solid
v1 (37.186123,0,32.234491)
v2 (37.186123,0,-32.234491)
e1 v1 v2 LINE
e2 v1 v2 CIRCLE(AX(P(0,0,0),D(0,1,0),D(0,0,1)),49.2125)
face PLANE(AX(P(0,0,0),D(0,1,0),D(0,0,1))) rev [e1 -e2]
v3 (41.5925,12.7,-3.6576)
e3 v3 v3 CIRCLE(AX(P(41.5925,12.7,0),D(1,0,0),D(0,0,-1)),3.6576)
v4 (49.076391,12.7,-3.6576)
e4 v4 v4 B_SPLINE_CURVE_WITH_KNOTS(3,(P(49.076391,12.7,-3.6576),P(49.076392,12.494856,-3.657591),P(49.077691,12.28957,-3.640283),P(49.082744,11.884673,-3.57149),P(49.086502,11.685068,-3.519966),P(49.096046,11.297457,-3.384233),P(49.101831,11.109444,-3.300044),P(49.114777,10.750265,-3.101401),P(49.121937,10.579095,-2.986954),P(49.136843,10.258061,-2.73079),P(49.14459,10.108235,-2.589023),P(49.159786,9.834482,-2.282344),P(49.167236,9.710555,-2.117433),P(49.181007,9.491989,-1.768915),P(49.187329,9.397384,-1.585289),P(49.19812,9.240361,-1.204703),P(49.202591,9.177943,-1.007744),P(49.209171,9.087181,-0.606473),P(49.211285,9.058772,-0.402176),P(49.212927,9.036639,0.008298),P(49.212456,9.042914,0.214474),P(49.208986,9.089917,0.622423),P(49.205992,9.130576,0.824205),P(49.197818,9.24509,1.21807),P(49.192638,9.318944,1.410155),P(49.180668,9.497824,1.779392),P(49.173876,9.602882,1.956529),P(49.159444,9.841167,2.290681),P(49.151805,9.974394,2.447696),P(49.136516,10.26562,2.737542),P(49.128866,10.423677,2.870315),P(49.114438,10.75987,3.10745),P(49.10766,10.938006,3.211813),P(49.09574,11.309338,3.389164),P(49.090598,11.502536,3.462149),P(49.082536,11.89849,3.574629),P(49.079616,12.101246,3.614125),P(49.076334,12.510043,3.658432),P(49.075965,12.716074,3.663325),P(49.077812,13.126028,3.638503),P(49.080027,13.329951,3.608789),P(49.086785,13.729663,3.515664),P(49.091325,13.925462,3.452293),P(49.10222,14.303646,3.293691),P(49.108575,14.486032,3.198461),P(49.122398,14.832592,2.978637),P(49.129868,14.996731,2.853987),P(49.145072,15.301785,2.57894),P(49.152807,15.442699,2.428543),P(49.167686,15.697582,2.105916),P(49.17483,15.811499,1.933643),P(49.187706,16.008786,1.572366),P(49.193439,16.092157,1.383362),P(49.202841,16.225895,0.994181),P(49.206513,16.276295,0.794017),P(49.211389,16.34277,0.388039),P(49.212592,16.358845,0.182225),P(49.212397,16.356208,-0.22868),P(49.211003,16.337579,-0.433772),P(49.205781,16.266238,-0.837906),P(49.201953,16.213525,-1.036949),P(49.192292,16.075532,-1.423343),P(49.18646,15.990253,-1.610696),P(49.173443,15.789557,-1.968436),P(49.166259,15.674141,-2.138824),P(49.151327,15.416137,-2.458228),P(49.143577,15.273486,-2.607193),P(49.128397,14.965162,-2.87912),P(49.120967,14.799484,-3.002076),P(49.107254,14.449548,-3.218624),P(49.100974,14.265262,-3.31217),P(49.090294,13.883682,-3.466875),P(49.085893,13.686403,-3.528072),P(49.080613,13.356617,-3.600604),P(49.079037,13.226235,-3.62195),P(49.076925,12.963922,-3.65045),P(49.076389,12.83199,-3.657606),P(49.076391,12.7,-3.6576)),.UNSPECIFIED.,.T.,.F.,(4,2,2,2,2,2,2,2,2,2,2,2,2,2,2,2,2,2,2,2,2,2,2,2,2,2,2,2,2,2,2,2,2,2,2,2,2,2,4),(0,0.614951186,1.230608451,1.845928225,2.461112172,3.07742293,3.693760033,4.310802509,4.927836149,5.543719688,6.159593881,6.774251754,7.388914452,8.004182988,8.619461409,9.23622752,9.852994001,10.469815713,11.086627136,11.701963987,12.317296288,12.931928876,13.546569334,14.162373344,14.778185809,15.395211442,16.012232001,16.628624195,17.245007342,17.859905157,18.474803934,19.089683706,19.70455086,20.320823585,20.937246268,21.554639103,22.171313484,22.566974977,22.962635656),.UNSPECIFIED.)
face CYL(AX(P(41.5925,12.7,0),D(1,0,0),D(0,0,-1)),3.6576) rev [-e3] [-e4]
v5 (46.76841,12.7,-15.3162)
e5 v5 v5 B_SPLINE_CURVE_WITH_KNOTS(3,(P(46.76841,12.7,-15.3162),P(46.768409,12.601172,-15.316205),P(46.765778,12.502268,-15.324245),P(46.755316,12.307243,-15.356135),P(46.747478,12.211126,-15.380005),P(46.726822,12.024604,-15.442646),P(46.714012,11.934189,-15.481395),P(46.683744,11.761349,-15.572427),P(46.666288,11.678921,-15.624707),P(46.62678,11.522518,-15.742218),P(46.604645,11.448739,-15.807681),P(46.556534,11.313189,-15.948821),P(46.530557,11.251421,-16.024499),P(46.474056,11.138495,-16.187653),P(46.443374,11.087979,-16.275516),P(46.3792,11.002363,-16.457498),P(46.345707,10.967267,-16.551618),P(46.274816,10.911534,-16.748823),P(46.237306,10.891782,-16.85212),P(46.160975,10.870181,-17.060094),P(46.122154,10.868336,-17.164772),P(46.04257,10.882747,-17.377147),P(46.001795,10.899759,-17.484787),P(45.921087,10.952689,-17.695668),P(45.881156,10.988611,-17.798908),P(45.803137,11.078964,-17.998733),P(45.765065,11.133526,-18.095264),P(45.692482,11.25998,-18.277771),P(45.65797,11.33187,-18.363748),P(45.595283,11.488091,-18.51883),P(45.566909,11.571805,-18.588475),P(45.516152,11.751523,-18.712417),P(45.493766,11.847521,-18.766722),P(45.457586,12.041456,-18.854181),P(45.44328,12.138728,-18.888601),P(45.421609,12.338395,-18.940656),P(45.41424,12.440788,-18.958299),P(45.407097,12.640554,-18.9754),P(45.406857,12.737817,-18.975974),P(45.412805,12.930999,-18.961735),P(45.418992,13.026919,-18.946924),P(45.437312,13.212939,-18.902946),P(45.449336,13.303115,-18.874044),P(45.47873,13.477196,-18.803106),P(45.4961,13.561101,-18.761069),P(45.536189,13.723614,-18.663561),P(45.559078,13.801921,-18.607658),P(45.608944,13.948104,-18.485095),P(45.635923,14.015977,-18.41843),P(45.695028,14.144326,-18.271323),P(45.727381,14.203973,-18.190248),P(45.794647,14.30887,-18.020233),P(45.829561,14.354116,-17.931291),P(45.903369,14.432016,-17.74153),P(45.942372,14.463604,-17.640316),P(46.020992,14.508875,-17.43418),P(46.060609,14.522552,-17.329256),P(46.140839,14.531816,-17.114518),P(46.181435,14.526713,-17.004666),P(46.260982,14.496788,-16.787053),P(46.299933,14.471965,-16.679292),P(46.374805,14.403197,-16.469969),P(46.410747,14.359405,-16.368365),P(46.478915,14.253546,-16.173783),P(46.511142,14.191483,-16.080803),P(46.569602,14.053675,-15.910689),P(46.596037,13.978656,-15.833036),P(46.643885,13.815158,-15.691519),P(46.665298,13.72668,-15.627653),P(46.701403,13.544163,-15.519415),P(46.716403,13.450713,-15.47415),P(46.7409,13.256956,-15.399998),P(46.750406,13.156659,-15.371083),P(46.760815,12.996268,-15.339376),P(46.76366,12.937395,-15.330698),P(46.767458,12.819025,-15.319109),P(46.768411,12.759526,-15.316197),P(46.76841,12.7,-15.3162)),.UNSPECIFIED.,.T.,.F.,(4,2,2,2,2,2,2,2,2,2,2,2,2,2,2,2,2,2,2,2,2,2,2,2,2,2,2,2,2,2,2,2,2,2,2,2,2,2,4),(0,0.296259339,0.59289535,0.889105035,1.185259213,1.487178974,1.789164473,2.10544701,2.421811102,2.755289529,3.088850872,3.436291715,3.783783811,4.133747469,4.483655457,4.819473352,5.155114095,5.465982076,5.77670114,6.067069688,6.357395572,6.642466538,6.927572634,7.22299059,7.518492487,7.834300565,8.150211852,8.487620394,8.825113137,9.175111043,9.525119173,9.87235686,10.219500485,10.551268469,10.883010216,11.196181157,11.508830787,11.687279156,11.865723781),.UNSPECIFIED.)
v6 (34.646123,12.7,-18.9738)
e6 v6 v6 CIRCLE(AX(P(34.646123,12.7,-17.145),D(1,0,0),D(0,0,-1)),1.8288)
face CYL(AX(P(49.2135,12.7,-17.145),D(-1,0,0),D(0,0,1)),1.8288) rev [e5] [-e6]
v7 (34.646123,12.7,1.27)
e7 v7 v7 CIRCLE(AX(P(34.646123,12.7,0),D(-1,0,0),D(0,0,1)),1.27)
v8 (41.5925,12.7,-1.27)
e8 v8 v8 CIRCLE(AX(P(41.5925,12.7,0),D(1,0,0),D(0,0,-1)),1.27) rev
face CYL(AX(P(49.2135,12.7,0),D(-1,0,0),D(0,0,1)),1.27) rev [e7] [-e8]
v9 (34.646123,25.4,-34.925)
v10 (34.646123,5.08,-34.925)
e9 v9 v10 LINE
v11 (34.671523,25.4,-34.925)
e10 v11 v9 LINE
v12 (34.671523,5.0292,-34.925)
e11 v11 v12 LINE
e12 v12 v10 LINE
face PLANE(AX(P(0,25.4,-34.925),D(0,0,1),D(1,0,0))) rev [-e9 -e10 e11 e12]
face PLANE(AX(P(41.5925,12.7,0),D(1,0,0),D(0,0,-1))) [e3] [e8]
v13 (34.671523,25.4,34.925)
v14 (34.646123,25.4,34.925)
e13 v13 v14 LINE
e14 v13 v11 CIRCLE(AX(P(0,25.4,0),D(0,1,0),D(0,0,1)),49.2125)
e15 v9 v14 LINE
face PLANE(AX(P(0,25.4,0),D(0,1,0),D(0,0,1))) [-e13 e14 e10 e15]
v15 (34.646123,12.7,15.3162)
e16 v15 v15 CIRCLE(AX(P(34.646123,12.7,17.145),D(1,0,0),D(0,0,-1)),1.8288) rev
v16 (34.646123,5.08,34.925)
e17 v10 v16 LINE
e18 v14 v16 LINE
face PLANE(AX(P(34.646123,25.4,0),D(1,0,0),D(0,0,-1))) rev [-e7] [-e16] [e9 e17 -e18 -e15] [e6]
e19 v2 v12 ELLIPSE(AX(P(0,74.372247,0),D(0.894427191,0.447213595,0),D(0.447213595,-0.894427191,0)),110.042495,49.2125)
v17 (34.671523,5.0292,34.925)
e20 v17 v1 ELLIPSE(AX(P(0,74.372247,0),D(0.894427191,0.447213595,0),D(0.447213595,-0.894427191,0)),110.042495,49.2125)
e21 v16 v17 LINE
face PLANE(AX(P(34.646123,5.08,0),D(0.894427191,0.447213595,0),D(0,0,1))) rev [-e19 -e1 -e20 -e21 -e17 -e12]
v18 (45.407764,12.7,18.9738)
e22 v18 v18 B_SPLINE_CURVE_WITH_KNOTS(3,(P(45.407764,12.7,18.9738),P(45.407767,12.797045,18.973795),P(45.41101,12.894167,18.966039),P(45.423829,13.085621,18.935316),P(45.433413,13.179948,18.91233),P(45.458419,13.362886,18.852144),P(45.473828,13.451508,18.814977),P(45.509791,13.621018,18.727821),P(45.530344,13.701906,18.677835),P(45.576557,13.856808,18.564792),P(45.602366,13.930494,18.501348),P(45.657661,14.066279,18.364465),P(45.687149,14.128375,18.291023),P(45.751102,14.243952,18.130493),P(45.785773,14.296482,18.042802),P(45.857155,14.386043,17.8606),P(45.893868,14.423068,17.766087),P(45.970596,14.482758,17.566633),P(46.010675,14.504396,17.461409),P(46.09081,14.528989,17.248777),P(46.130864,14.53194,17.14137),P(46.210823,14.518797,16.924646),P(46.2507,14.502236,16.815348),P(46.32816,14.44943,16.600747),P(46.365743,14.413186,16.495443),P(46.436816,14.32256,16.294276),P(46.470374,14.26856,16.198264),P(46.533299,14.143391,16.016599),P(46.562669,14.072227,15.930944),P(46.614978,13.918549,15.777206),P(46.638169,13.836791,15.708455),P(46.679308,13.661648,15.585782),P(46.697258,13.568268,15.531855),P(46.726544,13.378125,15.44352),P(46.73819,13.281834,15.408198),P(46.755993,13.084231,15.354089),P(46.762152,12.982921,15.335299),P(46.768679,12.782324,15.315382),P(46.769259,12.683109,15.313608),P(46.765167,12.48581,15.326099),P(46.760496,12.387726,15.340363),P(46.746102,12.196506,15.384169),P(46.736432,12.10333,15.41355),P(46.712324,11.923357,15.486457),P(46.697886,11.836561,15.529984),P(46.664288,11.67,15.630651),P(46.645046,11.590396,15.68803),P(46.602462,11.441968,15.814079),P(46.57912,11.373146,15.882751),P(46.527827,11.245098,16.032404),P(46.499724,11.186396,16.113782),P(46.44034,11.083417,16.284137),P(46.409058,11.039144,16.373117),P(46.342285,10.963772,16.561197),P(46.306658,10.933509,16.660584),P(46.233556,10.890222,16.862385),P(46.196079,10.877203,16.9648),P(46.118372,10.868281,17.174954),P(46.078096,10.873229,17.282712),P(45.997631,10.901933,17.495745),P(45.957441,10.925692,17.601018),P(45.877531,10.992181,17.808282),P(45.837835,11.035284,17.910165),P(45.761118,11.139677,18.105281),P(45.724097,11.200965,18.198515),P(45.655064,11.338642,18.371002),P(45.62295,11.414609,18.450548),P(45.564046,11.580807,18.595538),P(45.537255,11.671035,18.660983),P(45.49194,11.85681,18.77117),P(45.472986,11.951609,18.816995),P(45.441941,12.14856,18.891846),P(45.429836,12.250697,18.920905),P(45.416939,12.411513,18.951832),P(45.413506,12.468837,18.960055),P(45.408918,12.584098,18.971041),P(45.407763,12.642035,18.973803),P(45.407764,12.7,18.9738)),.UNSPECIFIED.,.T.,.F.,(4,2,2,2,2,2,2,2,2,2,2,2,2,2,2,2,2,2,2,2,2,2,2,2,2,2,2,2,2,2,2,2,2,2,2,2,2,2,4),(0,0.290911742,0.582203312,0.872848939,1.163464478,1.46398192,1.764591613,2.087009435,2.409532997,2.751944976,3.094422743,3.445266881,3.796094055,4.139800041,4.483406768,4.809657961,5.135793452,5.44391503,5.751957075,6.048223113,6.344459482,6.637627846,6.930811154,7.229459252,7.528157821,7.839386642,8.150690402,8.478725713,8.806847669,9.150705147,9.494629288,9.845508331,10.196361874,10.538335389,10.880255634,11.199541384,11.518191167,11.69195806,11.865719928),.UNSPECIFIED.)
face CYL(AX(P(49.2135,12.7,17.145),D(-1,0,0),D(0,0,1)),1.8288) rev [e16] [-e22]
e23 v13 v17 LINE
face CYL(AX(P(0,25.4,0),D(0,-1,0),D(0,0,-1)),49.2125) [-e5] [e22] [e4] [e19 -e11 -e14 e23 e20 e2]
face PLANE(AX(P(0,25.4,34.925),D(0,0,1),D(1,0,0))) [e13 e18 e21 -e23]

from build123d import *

# Parameters (mm, degrees)
BOSS_EXTRUDE1_DEPTH     = 25.4
CUT_EXTRUDE2_REACH      = 47.575
CUT_EXTRUDE2_END_RADIUS = 49.2125
SKETCH4_R               = 1.27
CUT_EXTRUDE4_START      = -14.566377
SKETCH11_R              = 3.6576
CUT_EXTRUDE4_DEPTH      = 7.62
CUT_EXTRUDE5_REACH      = 67.474
CUT_EXTRUDE5_END_RADIUS = 49.2125
SKETCH15_R              = 1.8288
CHAMFER1_SIZE           = 2.54
CHAMFER1_SIZE2          = 5.08


with BuildPart() as part:
    # Sketch2 → Boss-Extrude1 (new body)
    with BuildSketch(Plane(origin=(0, 0, 0), x_dir=(1, 0, 0), z_dir=(0, 1, 0))):
        with BuildLine():
            Line((34.671523348, 34.925), (34.646123348, 34.925))
            Line((34.646123348, 34.925), (34.646123348, -34.925))
            Line((34.646123348, -34.925), (34.671523348, -34.925))
            ThreePointArc((34.671523348, -34.925), (49.2125, 0), (34.671523348, 34.925))
        make_face()
    extrude(amount=BOSS_EXTRUDE1_DEPTH)

    # Cut-Extrude2: up to this cylinder (the profile starts inside it)
    cut_extrude2_end = Plane(origin=(0, 12.7, 0), z_dir=(0, -1, 0)) * Cylinder(CUT_EXTRUDE2_END_RADIUS, 194.575, mode=Mode.PRIVATE)
    # Sketch4 → Cut-Extrude2 (cut, up to the surface)
    with BuildSketch(Plane.ZY.offset(-34.646123348), mode=Mode.PRIVATE) as cut_extrude2_sk1:
        with Locations((0, 12.7)):
            Circle(SKETCH4_R)
    cut_extrude2_tool1 = extrude(cut_extrude2_sk1.sketch, amount=-CUT_EXTRUDE2_REACH, mode=Mode.PRIVATE) & cut_extrude2_end
    add(cut_extrude2_tool1.solids().sort_by_distance((34.646123, 12.7, 0))[0], mode=Mode.SUBTRACT)

    # Sketch11 → Cut-Extrude4 (cut)
    with BuildSketch(Plane.ZY.offset(-34.646123348).offset(CUT_EXTRUDE4_START)):
        with Locations(Location((0, 12.7, 0), (0, 0, 180))):
            Circle(SKETCH11_R)
    extrude(amount=CUT_EXTRUDE4_DEPTH, mode=Mode.SUBTRACT)

    # Cut-Extrude5: up to this cylinder (the profile starts inside it)
    cut_extrude5_end = Plane(origin=(0, 12.7, 0), z_dir=(0, -1, 0)) * Cylinder(CUT_EXTRUDE5_END_RADIUS, 235.925334, mode=Mode.PRIVATE)
    # Sketch15 → Cut-Extrude5 (cut, up to the surface)
    with BuildSketch(Plane(origin=(0, 0, 0), x_dir=(0, 0, -1), z_dir=(1, 0, 0)), mode=Mode.PRIVATE) as cut_extrude5_sk1:
        with BuildLine():
            ThreePointArc((-18.9738, 12.7), (-17.145, 10.8712), (-15.3162, 12.7))
            Line((-15.3162, 12.7), (-18.9738, 12.7))
        make_face()
    cut_extrude5_tool1 = extrude(cut_extrude5_sk1.sketch, amount=CUT_EXTRUDE5_REACH, mode=Mode.PRIVATE) & cut_extrude5_end
    add(cut_extrude5_tool1.solids().sort_by_distance((0, 11.923833, 17.145))[0], mode=Mode.SUBTRACT)
    # Sketch15 → Cut-Extrude5 (cut, up to the surface)
    with BuildSketch(Plane(origin=(0, 0, 0), x_dir=(0, 0, -1), z_dir=(1, 0, 0)), mode=Mode.PRIVATE) as cut_extrude5_sk2:
        with BuildLine():
            Line((-18.9738, 12.7), (-15.3162, 12.7))
            ThreePointArc((-15.3162, 12.7), (-17.145, 14.5288), (-18.9738, 12.7))
        make_face()
    cut_extrude5_tool2 = extrude(cut_extrude5_sk2.sketch, amount=CUT_EXTRUDE5_REACH, mode=Mode.PRIVATE) & cut_extrude5_end
    add(cut_extrude5_tool2.solids().sort_by_distance((0, 13.476167, 17.145))[0], mode=Mode.SUBTRACT)
    # Sketch15 → Cut-Extrude5 (cut, up to the surface)
    with BuildSketch(Plane(origin=(0, 0, 0), x_dir=(0, 0, -1), z_dir=(1, 0, 0)), mode=Mode.PRIVATE) as cut_extrude5_sk3:
        with Locations(Location((17.145, 12.7, 0), (0, 0, 180))):
            Circle(SKETCH15_R)
    cut_extrude5_tool3 = extrude(cut_extrude5_sk3.sketch, amount=CUT_EXTRUDE5_REACH, mode=Mode.PRIVATE) & cut_extrude5_end
    add(cut_extrude5_tool3.solids().sort_by_distance((0, 12.7, -17.145))[0], mode=Mode.SUBTRACT)

    # Chamfer1
    chamfer1_edges = [part.edges().sort_by_distance(p)[0] for p in [
        (34.646123348, 0, 0),
    ]]
    chamfer1_side = [part.faces().sort_by_distance(p)[0] for p in [
        (40.553555626, 0, 0),
    ]]
    chamfer(chamfer1_edges, length=CHAMFER1_SIZE, length2=CHAMFER1_SIZE2, reference=chamfer1_side[0])


solid = part.part
